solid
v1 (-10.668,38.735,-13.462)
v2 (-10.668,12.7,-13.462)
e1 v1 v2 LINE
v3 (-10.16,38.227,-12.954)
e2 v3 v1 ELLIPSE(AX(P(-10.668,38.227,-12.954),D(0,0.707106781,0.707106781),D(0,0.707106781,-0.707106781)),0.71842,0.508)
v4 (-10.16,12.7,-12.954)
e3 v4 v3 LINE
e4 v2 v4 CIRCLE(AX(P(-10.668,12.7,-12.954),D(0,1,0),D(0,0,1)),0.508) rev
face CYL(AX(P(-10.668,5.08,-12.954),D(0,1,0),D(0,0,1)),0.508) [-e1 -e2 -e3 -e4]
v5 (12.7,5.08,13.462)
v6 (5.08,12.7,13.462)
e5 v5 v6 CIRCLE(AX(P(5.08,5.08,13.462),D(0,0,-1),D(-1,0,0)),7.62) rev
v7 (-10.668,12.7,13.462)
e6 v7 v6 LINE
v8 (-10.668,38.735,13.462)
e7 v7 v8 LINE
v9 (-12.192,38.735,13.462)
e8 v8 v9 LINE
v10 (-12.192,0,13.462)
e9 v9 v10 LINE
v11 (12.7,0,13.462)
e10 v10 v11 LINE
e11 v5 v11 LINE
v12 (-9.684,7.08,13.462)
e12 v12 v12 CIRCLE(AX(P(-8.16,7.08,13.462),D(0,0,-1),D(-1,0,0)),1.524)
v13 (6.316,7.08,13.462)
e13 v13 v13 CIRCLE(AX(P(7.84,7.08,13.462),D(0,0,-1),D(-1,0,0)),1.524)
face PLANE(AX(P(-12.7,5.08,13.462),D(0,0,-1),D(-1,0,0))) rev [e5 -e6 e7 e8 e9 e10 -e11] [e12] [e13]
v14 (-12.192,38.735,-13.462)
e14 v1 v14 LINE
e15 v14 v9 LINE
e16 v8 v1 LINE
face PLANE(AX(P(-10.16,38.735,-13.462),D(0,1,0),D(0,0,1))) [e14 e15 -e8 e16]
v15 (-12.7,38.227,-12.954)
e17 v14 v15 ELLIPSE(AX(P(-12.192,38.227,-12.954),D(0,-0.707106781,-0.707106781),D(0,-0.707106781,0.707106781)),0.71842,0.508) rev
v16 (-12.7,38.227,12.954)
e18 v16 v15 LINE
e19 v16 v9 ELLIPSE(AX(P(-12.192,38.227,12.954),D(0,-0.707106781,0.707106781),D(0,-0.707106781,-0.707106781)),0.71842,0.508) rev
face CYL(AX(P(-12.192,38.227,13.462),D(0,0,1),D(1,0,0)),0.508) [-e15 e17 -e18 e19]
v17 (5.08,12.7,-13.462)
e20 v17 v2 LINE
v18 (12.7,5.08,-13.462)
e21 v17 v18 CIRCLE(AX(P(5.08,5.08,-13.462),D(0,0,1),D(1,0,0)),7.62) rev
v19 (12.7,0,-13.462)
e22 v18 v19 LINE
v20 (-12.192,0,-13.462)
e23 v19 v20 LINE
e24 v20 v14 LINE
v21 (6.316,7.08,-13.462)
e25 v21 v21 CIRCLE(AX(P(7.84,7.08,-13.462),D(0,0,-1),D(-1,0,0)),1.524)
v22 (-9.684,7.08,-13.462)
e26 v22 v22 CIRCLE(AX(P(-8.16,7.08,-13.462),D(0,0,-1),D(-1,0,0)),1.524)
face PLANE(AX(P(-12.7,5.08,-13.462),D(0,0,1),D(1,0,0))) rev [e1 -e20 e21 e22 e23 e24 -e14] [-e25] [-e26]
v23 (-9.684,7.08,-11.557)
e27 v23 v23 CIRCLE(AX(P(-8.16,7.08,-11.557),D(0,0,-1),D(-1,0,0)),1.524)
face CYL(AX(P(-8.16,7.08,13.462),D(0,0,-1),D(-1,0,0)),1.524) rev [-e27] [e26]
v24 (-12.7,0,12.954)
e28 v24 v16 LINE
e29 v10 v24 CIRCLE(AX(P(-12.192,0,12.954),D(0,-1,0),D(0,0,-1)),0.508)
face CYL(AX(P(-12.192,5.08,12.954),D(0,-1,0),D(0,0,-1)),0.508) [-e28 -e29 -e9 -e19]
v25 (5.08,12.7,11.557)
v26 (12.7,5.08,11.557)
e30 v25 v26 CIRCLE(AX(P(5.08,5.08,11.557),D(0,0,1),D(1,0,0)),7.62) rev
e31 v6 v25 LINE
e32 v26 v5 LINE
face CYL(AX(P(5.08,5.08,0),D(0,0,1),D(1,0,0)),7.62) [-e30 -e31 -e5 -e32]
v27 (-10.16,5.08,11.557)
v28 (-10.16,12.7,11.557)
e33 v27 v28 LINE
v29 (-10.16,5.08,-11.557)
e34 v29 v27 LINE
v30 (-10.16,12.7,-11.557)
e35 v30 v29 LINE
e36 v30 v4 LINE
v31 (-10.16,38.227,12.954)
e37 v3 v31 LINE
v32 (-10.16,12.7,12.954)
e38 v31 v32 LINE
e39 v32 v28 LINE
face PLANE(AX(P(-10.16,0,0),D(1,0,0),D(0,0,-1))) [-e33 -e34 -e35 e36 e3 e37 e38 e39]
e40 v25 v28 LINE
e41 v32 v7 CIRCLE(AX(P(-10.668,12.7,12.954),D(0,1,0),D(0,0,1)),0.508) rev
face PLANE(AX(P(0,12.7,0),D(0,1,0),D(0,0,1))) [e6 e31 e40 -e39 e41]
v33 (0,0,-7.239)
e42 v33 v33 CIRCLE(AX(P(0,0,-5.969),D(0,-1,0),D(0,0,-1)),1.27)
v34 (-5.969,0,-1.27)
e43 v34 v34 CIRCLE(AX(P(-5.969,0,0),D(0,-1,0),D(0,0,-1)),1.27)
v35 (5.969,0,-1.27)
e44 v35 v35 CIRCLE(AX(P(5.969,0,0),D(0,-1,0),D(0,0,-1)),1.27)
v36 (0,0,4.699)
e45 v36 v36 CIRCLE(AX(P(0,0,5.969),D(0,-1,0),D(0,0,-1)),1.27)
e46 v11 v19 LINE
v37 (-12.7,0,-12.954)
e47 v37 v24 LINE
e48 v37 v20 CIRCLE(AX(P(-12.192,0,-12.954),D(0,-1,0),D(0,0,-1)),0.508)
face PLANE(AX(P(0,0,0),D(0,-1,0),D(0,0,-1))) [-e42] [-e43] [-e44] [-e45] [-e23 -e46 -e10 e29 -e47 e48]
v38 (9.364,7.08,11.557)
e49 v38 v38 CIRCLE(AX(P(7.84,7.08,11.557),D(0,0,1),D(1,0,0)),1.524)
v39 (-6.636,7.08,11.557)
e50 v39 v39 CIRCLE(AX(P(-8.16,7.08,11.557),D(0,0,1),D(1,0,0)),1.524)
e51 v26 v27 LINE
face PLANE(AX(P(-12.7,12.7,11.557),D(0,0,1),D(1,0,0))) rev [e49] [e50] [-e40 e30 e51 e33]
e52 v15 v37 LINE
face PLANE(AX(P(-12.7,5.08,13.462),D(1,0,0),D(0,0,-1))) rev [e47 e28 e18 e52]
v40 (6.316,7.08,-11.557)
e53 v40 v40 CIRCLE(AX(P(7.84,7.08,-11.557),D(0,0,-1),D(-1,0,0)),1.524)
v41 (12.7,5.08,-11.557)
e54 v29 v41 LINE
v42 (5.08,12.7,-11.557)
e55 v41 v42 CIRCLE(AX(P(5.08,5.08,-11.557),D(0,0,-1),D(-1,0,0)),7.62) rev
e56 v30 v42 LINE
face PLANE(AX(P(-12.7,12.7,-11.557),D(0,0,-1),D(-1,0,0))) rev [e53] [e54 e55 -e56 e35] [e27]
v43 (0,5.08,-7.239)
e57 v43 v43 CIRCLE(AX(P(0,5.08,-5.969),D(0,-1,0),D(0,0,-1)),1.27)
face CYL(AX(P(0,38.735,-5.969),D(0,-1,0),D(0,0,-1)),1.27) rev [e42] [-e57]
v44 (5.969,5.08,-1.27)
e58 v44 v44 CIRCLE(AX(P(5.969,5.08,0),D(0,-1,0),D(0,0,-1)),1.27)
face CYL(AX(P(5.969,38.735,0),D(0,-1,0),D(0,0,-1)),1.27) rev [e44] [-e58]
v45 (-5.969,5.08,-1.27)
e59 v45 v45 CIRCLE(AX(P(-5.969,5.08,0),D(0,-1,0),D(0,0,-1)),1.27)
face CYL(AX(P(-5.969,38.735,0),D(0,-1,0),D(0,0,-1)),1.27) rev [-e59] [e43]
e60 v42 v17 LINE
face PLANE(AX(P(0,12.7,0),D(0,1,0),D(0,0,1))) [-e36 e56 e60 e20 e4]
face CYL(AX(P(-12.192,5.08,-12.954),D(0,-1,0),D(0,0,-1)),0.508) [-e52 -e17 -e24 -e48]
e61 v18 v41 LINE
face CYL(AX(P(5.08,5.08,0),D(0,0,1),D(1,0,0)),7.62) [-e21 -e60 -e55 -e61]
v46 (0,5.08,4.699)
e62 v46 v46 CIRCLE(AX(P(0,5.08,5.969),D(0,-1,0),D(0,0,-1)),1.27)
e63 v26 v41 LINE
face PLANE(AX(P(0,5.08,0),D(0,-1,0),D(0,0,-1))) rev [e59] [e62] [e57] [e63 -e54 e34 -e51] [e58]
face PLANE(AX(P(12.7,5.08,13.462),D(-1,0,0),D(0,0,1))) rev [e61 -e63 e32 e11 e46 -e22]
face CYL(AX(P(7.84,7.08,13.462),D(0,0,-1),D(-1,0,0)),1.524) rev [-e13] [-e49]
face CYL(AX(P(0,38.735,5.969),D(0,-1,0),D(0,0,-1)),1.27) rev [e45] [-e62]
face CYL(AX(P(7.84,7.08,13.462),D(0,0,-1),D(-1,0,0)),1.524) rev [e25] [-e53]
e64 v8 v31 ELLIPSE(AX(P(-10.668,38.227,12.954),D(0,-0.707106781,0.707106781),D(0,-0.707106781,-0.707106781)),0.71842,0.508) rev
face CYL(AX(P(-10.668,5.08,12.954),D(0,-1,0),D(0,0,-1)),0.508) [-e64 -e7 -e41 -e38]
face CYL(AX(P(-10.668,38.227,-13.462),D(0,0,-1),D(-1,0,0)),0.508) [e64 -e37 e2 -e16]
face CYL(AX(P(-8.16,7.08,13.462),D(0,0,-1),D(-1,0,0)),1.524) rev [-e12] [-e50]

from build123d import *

# Parameters (mm, degrees)
SKETCH1_W           = 25.4
SKETCH1_H           = 26.924
BOSS_EXTRUDE1_DEPTH = 5.08
SKETCH2_W           = 25.4
SKETCH2_H           = 1.905
BOSS_EXTRUDE2_DEPTH = 7.62
FILLET1_R           = 7.62
SKETCH4_W           = 26.924
SKETCH4_H           = 38.735
BOSS_EXTRUDE3_DEPTH = 2.54
SKETCH6_R           = 1.27
CUT_EXTRUDE2_DEPTH  = 43.929193668
FILLET2_R           = 0.508
SKETCH8_R           = 1.524
CUT_EXTRUDE4_DEPTH  = 49.852758377


with BuildPart() as part:
    # Sketch1 → Boss-Extrude1 (new body)
    with BuildSketch(Plane(origin=(0, 0, 0), x_dir=(1, 0, 0), z_dir=(0, 1, 0))):
        Rectangle(SKETCH1_W, SKETCH1_H)
    extrude(amount=BOSS_EXTRUDE1_DEPTH)

    # Sketch2 → Boss-Extrude2 (add)
    with BuildSketch(Plane(origin=(0, 5.08, 0), x_dir=(1, 0, 0), z_dir=(0, 1, 0))):
        with Locations((0, 12.5095)):
            Rectangle(SKETCH2_W, SKETCH2_H)
        with Locations((0, -12.5095)):
            Rectangle(SKETCH2_W, SKETCH2_H)
    extrude(amount=BOSS_EXTRUDE2_DEPTH)

    # Fillet1
    fillet1_edges = [part.edges().sort_by_distance(p)[0] for p in [
        (12.7, 12.7, -12.5095),
        (12.7, 12.7, 12.5095),
    ]]
    fillet(fillet1_edges, radius=FILLET1_R)

    # Sketch4 → Boss-Extrude3 (add)
    with BuildSketch(Plane.ZY.offset(12.7)):
        with Locations((0, 19.3675)):
            Rectangle(SKETCH4_W, SKETCH4_H)
    extrude(amount=-BOSS_EXTRUDE3_DEPTH)

    # Sketch6 → Cut-Extrude2 (cut, through all)
    with BuildSketch(Plane.XZ):
        with Locations((0, 5.969)):
            Circle(SKETCH6_R)
        with Locations((5.969, 0)):
            Circle(SKETCH6_R)
        with Locations((0, -5.969)):
            Circle(SKETCH6_R)
        with Locations((-5.969, 0)):
            Circle(SKETCH6_R)
    extrude(amount=-CUT_EXTRUDE2_DEPTH, mode=Mode.SUBTRACT)

    # Fillet2
    fillet2_edges = [part.edges().sort_by_distance(p)[0] for p in [
        (-10.16, 38.735, 0),
        (-12.7, 38.735, 0),
        (-10.16, 25.7175, 13.462),
        (-12.7, 19.3675, 13.462),
        (-12.7, 19.3675, -13.462),
        (-10.16, 25.7175, -13.462),
    ]]
    fillet(fillet2_edges, radius=FILLET2_R)

    # Sketch8 → Cut-Extrude4 (cut, through all)
    with BuildSketch(Plane(origin=(0, 0, -13.462), x_dir=(-1, 0, 0), z_dir=(0, 0, -1))):
        with Locations((-7.84, 7.08)):
            Circle(SKETCH8_R)
        with Locations((8.16, 7.08)):
            Circle(SKETCH8_R)
    extrude(amount=-CUT_EXTRUDE4_DEPTH, mode=Mode.SUBTRACT)


solid = part.part
